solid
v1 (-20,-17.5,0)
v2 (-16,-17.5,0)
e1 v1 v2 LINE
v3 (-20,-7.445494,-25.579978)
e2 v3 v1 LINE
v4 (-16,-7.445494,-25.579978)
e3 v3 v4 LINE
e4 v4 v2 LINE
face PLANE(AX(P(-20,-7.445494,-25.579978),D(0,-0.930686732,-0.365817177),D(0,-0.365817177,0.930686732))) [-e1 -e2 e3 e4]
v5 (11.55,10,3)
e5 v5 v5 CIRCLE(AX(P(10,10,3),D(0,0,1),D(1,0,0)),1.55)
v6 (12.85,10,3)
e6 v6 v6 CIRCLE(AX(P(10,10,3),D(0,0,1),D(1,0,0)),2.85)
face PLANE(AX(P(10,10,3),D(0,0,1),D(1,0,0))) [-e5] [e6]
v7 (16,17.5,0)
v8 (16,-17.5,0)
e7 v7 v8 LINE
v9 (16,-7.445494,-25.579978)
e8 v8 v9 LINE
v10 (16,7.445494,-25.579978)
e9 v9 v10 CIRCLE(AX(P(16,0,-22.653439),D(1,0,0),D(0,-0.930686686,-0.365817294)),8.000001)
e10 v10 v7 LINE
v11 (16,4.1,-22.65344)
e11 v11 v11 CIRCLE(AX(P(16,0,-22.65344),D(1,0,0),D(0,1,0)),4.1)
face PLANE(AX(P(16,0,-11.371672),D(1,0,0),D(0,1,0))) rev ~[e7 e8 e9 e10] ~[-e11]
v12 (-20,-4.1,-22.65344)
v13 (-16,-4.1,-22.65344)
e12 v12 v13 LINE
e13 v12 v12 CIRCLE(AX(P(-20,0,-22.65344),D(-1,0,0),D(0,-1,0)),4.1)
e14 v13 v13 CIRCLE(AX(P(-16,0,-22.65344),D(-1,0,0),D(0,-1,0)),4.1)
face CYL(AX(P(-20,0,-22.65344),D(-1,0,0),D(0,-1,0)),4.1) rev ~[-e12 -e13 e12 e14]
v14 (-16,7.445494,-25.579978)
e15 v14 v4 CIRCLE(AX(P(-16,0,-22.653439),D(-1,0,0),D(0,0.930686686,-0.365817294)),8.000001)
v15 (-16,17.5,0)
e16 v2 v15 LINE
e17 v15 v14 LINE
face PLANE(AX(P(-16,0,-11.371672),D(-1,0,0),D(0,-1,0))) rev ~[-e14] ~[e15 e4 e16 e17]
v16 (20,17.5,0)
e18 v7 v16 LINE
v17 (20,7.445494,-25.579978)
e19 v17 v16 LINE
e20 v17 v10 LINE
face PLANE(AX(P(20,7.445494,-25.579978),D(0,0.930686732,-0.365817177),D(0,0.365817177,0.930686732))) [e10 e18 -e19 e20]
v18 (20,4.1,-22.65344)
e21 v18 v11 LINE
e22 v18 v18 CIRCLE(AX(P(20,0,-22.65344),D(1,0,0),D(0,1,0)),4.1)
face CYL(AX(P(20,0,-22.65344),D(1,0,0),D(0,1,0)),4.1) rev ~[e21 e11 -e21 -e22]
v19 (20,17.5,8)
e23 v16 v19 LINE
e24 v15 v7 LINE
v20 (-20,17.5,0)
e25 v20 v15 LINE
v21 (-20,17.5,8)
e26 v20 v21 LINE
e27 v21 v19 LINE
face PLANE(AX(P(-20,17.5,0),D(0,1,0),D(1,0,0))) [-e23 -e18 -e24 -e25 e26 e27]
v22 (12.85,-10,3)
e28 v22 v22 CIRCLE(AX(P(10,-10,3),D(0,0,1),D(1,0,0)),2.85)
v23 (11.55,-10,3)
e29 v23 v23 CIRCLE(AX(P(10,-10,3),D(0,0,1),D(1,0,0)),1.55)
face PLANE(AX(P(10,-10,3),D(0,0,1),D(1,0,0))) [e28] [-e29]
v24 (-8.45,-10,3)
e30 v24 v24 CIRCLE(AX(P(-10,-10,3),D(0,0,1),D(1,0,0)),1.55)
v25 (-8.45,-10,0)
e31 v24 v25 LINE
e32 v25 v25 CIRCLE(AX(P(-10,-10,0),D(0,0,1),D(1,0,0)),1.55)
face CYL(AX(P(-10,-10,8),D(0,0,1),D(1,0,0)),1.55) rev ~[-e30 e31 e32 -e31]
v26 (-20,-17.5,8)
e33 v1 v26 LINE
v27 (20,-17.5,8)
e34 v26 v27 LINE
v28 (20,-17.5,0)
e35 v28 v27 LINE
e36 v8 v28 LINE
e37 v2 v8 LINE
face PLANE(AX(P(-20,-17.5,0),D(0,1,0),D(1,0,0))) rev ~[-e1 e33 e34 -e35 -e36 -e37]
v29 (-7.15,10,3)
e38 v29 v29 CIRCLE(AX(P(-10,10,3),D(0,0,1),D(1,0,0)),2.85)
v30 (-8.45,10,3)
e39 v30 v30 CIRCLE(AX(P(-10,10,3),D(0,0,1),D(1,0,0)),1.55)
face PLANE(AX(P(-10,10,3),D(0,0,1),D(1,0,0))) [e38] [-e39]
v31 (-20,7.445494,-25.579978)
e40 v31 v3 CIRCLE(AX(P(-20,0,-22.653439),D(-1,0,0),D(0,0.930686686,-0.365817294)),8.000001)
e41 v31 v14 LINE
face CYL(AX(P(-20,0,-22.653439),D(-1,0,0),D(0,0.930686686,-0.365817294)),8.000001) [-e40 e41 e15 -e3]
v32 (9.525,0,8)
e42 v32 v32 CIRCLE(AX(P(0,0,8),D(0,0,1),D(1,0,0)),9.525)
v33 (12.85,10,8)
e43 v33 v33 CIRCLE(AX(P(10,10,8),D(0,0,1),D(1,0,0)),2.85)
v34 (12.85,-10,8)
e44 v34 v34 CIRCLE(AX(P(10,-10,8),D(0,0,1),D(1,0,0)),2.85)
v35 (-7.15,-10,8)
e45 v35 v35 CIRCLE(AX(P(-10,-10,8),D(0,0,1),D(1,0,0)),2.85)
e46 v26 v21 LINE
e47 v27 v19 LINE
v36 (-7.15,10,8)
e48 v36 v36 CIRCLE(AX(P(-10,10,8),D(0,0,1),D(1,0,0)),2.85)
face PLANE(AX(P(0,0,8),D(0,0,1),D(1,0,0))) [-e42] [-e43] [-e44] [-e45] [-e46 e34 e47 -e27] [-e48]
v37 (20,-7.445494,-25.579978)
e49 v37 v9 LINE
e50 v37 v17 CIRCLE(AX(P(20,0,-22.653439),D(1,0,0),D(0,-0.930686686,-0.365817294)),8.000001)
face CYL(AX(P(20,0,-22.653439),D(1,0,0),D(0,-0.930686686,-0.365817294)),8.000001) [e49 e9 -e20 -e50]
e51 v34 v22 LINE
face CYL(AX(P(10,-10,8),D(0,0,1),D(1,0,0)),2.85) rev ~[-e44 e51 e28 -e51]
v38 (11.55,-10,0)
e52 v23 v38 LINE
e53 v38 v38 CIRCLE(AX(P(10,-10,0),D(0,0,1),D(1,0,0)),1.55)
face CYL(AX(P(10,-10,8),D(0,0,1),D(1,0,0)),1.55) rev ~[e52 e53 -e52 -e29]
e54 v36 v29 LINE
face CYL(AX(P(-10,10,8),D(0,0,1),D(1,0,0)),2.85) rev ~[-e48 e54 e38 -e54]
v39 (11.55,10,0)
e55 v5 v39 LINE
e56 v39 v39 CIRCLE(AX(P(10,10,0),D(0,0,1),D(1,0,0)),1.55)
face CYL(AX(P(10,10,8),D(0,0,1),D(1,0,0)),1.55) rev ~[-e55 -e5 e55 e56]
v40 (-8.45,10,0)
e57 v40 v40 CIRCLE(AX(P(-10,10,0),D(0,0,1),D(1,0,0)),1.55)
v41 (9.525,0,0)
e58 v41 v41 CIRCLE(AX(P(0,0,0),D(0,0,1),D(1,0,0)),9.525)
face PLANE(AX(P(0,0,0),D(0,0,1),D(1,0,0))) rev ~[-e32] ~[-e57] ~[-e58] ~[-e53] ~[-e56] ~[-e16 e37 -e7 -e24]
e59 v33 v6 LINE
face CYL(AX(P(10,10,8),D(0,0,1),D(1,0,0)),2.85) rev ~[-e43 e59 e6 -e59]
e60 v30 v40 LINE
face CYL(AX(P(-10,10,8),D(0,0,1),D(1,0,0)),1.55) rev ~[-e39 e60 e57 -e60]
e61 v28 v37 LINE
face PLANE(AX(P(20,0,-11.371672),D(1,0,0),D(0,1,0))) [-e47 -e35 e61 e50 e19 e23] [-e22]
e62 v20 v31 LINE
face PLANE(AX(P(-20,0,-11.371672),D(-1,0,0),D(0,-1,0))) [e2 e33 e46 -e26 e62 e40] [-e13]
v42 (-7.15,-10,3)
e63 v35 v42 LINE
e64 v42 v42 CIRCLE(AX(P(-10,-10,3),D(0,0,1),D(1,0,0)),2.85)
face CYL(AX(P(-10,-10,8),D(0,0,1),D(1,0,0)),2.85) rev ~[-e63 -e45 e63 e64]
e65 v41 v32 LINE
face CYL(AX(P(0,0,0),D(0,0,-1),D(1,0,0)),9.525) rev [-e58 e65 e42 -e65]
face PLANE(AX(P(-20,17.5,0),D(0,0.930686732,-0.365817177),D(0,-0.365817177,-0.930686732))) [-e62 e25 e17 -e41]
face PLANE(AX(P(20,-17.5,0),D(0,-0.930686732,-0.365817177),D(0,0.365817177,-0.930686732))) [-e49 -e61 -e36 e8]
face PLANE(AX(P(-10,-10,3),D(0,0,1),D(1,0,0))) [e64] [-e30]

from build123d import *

# Parameters (mm, degrees)
F0_W     = 40
F0_H     = 35
F0_R     = 9.525
F1_DEPTH = 8
F2_R     = 4.1
F3_DEPTH = 4
F4_R     = 4.1
F5_DEPTH = 4
F6_R     = 1.55
F7_DEPTH = 8
F6_R_2   = 2.85
F8_DEPTH = 5


with BuildPart() as f1:
    # F0 (on Top) → F1 (new body)
    with BuildSketch(Plane.XY):
        Rectangle(F0_W, F0_H)
        Circle(F0_R, mode=Mode.SUBTRACT)
    extrude(amount=F1_DEPTH)

    # F2 (on face) → F3 (join)
    with BuildSketch(Plane(origin=(-20, 0, 0), x_dir=(0, -1, 0), z_dir=(-1, 0, 0))):
        with BuildLine():
            Line((-17.5, 0), (-7.445494, -25.579978))
            ThreePointArc((-7.445494, -25.579978), (0, -30.65344), (7.445494, -25.579978))
            Line((7.445494, -25.579978), (17.5, 0))
            Line((17.5, 0), (-17.5, 0))
        make_face()
        with Locations((0, -22.65344)):
            Circle(F2_R, mode=Mode.SUBTRACT)
    extrude(amount=-F3_DEPTH)

    # F4 (on face) → F5 (join)
    with BuildSketch(Plane.YZ.offset(20)):
        with BuildLine():
            Line((17.5, 0), (-17.5, 0))
            Line((-17.5, 0), (-7.445494, -25.579978))
            ThreePointArc((-7.445494, -25.579978), (0, -30.65344), (7.445494, -25.579978))
            Line((7.445494, -25.579978), (17.5, 0))
        make_face()
        with Locations((0, -22.65344)):
            Circle(F4_R, mode=Mode.SUBTRACT)
    extrude(amount=-F5_DEPTH)

    # F6 (on face) → F7 (cut, through all)
    with BuildSketch(Plane.XY.offset(8)):
        with Locations((-10, 10)):
            Circle(F6_R)
        with Locations((10, 10)):
            Circle(F6_R)
        with Locations((-10, -10)):
            Circle(F6_R)
        with Locations((10, -10)):
            Circle(F6_R)
    extrude(amount=-F7_DEPTH, mode=Mode.SUBTRACT)

    # F6 (on face) → F8 (cut)
    with BuildSketch(Plane.XY.offset(8)):
        with Locations((-10, 10)):
            Circle(F6_R_2)
        with Locations((-10, 10)):
            Circle(F6_R, mode=Mode.SUBTRACT)
        with Locations((-10, -10)):
            Circle(F6_R_2)
        with Locations((-10, -10)):
            Circle(F6_R, mode=Mode.SUBTRACT)
        with Locations((10, 10)):
            Circle(F6_R_2)
        with Locations((10, 10)):
            Circle(F6_R, mode=Mode.SUBTRACT)
        with Locations((10, -10)):
            Circle(F6_R_2)
        with Locations((10, -10)):
            Circle(F6_R, mode=Mode.SUBTRACT)
    extrude(amount=-F8_DEPTH, mode=Mode.SUBTRACT)


solid = f1.part
